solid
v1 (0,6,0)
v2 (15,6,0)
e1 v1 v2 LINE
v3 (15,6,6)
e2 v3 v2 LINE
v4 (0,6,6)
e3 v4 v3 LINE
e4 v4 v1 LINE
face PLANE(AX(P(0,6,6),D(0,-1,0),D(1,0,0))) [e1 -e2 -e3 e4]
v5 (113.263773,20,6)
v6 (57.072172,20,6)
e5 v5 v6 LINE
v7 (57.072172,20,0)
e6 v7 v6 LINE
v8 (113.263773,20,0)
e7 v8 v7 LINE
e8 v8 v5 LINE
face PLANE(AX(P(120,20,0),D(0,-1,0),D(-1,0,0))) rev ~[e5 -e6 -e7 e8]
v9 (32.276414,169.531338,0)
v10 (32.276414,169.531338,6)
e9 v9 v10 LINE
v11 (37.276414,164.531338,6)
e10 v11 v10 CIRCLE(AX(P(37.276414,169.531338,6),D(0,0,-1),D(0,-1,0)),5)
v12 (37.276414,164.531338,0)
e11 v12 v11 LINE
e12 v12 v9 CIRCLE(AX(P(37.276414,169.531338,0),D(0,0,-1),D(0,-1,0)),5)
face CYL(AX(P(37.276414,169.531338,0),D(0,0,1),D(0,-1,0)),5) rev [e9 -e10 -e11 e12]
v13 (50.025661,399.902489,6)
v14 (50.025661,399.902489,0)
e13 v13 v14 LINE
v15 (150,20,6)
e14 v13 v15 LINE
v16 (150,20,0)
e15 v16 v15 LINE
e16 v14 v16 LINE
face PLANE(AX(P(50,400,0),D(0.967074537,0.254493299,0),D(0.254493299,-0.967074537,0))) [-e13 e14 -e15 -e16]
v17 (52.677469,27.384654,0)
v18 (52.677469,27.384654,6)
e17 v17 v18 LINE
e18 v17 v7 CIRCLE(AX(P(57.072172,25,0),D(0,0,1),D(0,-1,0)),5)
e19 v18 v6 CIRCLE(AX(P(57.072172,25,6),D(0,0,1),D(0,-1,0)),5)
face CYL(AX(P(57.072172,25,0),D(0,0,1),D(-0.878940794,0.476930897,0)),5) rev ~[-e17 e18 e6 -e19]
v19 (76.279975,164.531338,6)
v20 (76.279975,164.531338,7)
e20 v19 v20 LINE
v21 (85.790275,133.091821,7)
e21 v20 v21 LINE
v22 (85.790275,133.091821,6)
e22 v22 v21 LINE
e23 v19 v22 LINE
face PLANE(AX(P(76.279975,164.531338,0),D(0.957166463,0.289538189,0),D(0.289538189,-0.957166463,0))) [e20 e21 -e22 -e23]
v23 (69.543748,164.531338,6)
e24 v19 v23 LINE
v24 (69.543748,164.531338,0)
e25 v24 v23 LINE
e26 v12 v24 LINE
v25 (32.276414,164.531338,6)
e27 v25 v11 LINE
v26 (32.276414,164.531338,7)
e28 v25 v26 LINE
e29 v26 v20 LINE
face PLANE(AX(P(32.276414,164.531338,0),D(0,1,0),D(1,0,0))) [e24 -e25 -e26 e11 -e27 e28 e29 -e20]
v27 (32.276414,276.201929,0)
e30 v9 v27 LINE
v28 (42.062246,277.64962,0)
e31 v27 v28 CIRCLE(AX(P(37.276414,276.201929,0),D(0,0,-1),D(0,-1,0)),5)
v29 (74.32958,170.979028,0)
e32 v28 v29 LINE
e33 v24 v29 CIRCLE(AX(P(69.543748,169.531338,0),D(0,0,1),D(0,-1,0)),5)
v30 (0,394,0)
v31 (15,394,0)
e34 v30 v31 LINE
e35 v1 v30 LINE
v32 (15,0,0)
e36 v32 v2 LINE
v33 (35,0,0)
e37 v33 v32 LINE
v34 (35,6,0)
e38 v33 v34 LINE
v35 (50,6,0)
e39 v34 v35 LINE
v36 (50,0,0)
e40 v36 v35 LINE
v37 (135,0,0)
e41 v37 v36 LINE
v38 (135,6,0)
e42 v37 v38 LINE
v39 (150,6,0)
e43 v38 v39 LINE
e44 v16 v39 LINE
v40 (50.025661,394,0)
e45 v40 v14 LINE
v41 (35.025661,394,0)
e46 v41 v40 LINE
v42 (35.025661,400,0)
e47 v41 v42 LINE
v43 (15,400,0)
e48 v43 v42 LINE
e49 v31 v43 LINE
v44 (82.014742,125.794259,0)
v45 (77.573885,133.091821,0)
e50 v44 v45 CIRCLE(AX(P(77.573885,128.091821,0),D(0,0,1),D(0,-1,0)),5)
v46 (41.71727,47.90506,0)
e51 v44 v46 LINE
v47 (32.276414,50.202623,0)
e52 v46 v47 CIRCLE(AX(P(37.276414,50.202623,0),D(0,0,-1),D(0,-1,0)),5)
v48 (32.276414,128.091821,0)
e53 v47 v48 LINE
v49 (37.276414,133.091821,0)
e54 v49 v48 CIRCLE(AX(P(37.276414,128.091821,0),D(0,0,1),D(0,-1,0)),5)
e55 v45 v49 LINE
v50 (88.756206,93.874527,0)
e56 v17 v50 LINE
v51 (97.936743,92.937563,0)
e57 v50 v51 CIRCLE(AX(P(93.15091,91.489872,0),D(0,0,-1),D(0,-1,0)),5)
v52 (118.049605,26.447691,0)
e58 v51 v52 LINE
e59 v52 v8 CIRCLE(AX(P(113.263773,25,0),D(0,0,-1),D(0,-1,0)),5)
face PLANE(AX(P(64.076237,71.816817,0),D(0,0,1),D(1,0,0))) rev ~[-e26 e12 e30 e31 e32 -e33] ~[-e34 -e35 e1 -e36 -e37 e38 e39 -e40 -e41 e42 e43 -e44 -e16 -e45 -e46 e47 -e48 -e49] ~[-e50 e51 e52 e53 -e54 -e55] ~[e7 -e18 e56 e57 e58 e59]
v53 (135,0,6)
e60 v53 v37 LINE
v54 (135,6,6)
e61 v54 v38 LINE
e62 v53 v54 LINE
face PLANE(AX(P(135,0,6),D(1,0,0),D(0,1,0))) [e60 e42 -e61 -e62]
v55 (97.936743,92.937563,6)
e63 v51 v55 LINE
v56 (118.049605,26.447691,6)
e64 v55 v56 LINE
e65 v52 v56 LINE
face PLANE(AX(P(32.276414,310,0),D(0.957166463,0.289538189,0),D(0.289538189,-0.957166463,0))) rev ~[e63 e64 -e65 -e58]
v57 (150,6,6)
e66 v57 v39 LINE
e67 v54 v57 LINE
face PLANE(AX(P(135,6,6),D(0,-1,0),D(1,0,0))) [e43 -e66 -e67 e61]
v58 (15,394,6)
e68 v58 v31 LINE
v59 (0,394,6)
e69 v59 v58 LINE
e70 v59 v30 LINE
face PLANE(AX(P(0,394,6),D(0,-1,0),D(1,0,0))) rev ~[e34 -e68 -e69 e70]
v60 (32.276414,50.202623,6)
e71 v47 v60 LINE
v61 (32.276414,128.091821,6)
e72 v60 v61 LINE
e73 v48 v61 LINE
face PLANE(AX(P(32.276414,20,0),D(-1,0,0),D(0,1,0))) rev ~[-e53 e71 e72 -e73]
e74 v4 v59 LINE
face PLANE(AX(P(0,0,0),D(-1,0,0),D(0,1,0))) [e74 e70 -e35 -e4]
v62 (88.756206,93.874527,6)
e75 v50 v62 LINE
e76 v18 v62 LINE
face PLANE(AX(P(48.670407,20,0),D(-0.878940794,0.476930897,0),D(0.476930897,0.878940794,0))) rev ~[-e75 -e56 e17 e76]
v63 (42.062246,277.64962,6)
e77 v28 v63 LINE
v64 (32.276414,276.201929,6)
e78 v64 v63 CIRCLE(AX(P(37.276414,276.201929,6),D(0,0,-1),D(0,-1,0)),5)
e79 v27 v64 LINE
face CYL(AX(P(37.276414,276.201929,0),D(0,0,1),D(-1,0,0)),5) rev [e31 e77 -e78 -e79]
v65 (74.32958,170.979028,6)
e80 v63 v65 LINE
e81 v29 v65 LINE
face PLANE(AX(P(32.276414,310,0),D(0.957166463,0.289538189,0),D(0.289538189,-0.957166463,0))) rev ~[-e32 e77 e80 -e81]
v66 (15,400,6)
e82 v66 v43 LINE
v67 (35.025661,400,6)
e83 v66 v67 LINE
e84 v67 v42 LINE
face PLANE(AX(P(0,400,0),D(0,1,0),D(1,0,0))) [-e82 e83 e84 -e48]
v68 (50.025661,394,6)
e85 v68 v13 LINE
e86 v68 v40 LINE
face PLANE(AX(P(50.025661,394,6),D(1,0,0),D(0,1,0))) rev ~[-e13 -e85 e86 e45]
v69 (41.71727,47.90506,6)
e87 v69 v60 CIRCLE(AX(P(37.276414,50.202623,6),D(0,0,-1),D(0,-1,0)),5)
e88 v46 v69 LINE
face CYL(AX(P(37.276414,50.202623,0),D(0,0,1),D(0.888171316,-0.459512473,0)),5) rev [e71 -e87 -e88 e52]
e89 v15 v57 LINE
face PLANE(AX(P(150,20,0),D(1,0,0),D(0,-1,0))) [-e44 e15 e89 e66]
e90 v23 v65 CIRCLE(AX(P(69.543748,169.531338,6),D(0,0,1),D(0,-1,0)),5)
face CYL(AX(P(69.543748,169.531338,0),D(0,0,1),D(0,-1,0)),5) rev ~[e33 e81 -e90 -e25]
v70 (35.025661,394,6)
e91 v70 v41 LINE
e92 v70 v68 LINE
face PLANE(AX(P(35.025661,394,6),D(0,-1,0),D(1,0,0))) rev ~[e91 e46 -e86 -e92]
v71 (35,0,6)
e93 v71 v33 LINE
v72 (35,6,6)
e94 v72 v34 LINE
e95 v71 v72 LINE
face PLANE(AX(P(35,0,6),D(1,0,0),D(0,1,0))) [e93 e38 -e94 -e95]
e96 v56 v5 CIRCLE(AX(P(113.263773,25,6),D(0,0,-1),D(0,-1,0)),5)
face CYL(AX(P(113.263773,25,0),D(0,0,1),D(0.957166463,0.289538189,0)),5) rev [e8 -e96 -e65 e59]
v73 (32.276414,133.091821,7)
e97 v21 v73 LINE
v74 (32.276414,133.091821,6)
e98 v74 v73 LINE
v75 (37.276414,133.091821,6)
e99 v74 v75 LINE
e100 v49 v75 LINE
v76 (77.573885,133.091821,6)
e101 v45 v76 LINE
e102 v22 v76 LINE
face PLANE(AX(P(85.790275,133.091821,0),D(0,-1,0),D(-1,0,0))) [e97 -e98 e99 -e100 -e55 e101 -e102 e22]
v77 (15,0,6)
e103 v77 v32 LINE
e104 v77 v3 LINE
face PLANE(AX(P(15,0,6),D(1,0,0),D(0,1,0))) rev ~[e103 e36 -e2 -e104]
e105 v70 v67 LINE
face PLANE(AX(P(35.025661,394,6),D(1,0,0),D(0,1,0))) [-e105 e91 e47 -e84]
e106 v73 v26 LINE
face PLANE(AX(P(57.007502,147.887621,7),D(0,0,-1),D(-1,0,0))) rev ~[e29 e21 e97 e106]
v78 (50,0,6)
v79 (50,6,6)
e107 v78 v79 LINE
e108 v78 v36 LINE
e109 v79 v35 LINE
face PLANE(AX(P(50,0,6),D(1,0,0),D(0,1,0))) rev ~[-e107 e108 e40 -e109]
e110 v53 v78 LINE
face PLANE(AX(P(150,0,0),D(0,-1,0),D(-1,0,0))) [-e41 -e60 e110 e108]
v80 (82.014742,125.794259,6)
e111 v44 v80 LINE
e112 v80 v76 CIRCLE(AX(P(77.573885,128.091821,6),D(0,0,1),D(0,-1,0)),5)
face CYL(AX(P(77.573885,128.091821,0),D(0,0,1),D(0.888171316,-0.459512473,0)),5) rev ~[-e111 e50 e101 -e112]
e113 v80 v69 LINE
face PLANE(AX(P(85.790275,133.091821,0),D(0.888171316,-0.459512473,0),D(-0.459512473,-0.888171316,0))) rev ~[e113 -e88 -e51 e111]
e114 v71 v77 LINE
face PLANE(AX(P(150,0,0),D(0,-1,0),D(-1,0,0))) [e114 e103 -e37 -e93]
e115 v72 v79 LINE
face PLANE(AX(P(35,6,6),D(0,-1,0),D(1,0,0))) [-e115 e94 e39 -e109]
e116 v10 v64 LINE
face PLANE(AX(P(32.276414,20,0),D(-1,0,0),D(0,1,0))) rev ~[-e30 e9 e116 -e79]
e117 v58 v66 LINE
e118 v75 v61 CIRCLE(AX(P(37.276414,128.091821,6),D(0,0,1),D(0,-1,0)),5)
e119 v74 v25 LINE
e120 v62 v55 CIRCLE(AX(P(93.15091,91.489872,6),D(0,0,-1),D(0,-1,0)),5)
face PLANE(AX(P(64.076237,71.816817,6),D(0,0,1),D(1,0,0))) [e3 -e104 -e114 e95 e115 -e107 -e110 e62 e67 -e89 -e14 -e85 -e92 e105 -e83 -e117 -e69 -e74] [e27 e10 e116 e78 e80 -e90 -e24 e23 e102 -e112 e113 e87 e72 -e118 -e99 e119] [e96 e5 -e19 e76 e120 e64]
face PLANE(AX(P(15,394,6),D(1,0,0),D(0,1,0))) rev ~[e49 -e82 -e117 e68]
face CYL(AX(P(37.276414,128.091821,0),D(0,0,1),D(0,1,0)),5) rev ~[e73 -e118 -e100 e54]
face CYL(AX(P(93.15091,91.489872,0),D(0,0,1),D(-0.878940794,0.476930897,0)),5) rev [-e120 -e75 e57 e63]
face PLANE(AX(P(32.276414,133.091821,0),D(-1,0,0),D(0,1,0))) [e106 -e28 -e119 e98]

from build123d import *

# Parameters (mm, degrees)
RESSALTO_EXTRUS_O1_DEPTH = 6
CORTE_EXTRUS_O1_DEPTH    = 428.242320001
FILETE1_R                = 5
RESSALTO_EXTRUS_O3_DEPTH = 7
RESSALTO_EXTRUS_O4_DEPTH = 6
FILETE2_R                = 5
ESBO_O13_W               = 15
ESBO_O13_H               = 6
CORTE_EXTRUS_O2_DEPTH    = 428.242320001
ESBO_O15_W               = 15
ESBO_O15_H               = 6
CORTE_EXTRUS_O3_DEPTH    = 428.242320001


with BuildPart() as part:
    # Esboço2 → Ressalto-extrusão1 (new body)
    with BuildSketch(Plane.XY):
        Polygon((0, 0), (0, 400), (50, 400), (150, 20), (150, 0), align=None)
    extrude(amount=RESSALTO_EXTRUS_O1_DEPTH)

    # Esboço7 → Corte-extrusão1 (cut, through all)
    with BuildSketch(Plane(origin=(0, 0, 0), x_dir=(-1, 0, 0), z_dir=(0, 0, -1))):
        Polygon((-32.276413741, 20), (-32.276413741, 310), (-120, 20), align=None)
    extrude(amount=-CORTE_EXTRUS_O1_DEPTH, mode=Mode.SUBTRACT)

    # Filete1
    filete1_edges = [part.edges().sort_by_distance(p)[0] for p in [
        (32.276413741, 20, 3),
        (120, 20, 3),
        (32.276413741, 310, 3),
    ]]
    fillet(filete1_edges, radius=FILETE1_R)

    # Esboço11 → Ressalto-extrusão3 (add)
    with BuildSketch(Plane(origin=(0, 0, 0), x_dir=(-1, 0, 0), z_dir=(0, 0, -1))):
        Polygon((-85.790275479, 133.09182096), (-32.276413741, 133.09182096), (-32.276413741, 164.53133753), (-76.279974983, 164.53133753), align=None)
    extrude(amount=-RESSALTO_EXTRUS_O3_DEPTH)

    # Esboço12 → Ressalto-extrusão4 (add)
    with BuildSketch(Plane(origin=(0, 0, 0), x_dir=(-1, 0, 0), z_dir=(0, 0, -1))):
        Polygon((-85.790275479, 133.09182096), (-32.276413741, 29.65724659), (-27.594715127, 20), (-48.670406936, 20), (-94.468741252, 104.402215557), align=None)
    extrude(amount=-RESSALTO_EXTRUS_O4_DEPTH)

    # Filete2
    filete2_edges = [part.edges().sort_by_distance(p)[0] for p in [
        (32.276413741, 133.09182096, 3),
        (32.276413741, 164.53133753, 3),
        (85.790275479, 133.09182096, 3),
        (76.279974983, 164.53133753, 3),
        (94.468741252, 104.402215557, 3),
        (32.276413741, 29.65724659, 3),
        (48.670406936, 20, 3),
    ]]
    fillet(filete2_edges, radius=FILETE2_R)

    # Esboço13 → Corte-extrusão2 (cut, through all)
    with BuildSketch(Plane.XY.offset(6)):
        with Locations((7.5, 397)):
            Rectangle(ESBO_O13_W, ESBO_O13_H)
        with Locations((42.525660804, 397)):
            Rectangle(ESBO_O13_W, ESBO_O13_H)
    extrude(amount=-CORTE_EXTRUS_O2_DEPTH, mode=Mode.SUBTRACT)

    # Esboço15 → Corte-extrusão3 (cut, through all)
    with BuildSketch(Plane.XY.offset(6)):
        with Locations((7.5, 3)):
            Rectangle(ESBO_O15_W, ESBO_O15_H)
        with Locations((42.5, 3)):
            Rectangle(ESBO_O15_W, ESBO_O15_H)
        with Locations((142.5, 3)):
            Rectangle(ESBO_O15_W, ESBO_O15_H)
    extrude(amount=-CORTE_EXTRUS_O3_DEPTH, mode=Mode.SUBTRACT)


solid = part.part
